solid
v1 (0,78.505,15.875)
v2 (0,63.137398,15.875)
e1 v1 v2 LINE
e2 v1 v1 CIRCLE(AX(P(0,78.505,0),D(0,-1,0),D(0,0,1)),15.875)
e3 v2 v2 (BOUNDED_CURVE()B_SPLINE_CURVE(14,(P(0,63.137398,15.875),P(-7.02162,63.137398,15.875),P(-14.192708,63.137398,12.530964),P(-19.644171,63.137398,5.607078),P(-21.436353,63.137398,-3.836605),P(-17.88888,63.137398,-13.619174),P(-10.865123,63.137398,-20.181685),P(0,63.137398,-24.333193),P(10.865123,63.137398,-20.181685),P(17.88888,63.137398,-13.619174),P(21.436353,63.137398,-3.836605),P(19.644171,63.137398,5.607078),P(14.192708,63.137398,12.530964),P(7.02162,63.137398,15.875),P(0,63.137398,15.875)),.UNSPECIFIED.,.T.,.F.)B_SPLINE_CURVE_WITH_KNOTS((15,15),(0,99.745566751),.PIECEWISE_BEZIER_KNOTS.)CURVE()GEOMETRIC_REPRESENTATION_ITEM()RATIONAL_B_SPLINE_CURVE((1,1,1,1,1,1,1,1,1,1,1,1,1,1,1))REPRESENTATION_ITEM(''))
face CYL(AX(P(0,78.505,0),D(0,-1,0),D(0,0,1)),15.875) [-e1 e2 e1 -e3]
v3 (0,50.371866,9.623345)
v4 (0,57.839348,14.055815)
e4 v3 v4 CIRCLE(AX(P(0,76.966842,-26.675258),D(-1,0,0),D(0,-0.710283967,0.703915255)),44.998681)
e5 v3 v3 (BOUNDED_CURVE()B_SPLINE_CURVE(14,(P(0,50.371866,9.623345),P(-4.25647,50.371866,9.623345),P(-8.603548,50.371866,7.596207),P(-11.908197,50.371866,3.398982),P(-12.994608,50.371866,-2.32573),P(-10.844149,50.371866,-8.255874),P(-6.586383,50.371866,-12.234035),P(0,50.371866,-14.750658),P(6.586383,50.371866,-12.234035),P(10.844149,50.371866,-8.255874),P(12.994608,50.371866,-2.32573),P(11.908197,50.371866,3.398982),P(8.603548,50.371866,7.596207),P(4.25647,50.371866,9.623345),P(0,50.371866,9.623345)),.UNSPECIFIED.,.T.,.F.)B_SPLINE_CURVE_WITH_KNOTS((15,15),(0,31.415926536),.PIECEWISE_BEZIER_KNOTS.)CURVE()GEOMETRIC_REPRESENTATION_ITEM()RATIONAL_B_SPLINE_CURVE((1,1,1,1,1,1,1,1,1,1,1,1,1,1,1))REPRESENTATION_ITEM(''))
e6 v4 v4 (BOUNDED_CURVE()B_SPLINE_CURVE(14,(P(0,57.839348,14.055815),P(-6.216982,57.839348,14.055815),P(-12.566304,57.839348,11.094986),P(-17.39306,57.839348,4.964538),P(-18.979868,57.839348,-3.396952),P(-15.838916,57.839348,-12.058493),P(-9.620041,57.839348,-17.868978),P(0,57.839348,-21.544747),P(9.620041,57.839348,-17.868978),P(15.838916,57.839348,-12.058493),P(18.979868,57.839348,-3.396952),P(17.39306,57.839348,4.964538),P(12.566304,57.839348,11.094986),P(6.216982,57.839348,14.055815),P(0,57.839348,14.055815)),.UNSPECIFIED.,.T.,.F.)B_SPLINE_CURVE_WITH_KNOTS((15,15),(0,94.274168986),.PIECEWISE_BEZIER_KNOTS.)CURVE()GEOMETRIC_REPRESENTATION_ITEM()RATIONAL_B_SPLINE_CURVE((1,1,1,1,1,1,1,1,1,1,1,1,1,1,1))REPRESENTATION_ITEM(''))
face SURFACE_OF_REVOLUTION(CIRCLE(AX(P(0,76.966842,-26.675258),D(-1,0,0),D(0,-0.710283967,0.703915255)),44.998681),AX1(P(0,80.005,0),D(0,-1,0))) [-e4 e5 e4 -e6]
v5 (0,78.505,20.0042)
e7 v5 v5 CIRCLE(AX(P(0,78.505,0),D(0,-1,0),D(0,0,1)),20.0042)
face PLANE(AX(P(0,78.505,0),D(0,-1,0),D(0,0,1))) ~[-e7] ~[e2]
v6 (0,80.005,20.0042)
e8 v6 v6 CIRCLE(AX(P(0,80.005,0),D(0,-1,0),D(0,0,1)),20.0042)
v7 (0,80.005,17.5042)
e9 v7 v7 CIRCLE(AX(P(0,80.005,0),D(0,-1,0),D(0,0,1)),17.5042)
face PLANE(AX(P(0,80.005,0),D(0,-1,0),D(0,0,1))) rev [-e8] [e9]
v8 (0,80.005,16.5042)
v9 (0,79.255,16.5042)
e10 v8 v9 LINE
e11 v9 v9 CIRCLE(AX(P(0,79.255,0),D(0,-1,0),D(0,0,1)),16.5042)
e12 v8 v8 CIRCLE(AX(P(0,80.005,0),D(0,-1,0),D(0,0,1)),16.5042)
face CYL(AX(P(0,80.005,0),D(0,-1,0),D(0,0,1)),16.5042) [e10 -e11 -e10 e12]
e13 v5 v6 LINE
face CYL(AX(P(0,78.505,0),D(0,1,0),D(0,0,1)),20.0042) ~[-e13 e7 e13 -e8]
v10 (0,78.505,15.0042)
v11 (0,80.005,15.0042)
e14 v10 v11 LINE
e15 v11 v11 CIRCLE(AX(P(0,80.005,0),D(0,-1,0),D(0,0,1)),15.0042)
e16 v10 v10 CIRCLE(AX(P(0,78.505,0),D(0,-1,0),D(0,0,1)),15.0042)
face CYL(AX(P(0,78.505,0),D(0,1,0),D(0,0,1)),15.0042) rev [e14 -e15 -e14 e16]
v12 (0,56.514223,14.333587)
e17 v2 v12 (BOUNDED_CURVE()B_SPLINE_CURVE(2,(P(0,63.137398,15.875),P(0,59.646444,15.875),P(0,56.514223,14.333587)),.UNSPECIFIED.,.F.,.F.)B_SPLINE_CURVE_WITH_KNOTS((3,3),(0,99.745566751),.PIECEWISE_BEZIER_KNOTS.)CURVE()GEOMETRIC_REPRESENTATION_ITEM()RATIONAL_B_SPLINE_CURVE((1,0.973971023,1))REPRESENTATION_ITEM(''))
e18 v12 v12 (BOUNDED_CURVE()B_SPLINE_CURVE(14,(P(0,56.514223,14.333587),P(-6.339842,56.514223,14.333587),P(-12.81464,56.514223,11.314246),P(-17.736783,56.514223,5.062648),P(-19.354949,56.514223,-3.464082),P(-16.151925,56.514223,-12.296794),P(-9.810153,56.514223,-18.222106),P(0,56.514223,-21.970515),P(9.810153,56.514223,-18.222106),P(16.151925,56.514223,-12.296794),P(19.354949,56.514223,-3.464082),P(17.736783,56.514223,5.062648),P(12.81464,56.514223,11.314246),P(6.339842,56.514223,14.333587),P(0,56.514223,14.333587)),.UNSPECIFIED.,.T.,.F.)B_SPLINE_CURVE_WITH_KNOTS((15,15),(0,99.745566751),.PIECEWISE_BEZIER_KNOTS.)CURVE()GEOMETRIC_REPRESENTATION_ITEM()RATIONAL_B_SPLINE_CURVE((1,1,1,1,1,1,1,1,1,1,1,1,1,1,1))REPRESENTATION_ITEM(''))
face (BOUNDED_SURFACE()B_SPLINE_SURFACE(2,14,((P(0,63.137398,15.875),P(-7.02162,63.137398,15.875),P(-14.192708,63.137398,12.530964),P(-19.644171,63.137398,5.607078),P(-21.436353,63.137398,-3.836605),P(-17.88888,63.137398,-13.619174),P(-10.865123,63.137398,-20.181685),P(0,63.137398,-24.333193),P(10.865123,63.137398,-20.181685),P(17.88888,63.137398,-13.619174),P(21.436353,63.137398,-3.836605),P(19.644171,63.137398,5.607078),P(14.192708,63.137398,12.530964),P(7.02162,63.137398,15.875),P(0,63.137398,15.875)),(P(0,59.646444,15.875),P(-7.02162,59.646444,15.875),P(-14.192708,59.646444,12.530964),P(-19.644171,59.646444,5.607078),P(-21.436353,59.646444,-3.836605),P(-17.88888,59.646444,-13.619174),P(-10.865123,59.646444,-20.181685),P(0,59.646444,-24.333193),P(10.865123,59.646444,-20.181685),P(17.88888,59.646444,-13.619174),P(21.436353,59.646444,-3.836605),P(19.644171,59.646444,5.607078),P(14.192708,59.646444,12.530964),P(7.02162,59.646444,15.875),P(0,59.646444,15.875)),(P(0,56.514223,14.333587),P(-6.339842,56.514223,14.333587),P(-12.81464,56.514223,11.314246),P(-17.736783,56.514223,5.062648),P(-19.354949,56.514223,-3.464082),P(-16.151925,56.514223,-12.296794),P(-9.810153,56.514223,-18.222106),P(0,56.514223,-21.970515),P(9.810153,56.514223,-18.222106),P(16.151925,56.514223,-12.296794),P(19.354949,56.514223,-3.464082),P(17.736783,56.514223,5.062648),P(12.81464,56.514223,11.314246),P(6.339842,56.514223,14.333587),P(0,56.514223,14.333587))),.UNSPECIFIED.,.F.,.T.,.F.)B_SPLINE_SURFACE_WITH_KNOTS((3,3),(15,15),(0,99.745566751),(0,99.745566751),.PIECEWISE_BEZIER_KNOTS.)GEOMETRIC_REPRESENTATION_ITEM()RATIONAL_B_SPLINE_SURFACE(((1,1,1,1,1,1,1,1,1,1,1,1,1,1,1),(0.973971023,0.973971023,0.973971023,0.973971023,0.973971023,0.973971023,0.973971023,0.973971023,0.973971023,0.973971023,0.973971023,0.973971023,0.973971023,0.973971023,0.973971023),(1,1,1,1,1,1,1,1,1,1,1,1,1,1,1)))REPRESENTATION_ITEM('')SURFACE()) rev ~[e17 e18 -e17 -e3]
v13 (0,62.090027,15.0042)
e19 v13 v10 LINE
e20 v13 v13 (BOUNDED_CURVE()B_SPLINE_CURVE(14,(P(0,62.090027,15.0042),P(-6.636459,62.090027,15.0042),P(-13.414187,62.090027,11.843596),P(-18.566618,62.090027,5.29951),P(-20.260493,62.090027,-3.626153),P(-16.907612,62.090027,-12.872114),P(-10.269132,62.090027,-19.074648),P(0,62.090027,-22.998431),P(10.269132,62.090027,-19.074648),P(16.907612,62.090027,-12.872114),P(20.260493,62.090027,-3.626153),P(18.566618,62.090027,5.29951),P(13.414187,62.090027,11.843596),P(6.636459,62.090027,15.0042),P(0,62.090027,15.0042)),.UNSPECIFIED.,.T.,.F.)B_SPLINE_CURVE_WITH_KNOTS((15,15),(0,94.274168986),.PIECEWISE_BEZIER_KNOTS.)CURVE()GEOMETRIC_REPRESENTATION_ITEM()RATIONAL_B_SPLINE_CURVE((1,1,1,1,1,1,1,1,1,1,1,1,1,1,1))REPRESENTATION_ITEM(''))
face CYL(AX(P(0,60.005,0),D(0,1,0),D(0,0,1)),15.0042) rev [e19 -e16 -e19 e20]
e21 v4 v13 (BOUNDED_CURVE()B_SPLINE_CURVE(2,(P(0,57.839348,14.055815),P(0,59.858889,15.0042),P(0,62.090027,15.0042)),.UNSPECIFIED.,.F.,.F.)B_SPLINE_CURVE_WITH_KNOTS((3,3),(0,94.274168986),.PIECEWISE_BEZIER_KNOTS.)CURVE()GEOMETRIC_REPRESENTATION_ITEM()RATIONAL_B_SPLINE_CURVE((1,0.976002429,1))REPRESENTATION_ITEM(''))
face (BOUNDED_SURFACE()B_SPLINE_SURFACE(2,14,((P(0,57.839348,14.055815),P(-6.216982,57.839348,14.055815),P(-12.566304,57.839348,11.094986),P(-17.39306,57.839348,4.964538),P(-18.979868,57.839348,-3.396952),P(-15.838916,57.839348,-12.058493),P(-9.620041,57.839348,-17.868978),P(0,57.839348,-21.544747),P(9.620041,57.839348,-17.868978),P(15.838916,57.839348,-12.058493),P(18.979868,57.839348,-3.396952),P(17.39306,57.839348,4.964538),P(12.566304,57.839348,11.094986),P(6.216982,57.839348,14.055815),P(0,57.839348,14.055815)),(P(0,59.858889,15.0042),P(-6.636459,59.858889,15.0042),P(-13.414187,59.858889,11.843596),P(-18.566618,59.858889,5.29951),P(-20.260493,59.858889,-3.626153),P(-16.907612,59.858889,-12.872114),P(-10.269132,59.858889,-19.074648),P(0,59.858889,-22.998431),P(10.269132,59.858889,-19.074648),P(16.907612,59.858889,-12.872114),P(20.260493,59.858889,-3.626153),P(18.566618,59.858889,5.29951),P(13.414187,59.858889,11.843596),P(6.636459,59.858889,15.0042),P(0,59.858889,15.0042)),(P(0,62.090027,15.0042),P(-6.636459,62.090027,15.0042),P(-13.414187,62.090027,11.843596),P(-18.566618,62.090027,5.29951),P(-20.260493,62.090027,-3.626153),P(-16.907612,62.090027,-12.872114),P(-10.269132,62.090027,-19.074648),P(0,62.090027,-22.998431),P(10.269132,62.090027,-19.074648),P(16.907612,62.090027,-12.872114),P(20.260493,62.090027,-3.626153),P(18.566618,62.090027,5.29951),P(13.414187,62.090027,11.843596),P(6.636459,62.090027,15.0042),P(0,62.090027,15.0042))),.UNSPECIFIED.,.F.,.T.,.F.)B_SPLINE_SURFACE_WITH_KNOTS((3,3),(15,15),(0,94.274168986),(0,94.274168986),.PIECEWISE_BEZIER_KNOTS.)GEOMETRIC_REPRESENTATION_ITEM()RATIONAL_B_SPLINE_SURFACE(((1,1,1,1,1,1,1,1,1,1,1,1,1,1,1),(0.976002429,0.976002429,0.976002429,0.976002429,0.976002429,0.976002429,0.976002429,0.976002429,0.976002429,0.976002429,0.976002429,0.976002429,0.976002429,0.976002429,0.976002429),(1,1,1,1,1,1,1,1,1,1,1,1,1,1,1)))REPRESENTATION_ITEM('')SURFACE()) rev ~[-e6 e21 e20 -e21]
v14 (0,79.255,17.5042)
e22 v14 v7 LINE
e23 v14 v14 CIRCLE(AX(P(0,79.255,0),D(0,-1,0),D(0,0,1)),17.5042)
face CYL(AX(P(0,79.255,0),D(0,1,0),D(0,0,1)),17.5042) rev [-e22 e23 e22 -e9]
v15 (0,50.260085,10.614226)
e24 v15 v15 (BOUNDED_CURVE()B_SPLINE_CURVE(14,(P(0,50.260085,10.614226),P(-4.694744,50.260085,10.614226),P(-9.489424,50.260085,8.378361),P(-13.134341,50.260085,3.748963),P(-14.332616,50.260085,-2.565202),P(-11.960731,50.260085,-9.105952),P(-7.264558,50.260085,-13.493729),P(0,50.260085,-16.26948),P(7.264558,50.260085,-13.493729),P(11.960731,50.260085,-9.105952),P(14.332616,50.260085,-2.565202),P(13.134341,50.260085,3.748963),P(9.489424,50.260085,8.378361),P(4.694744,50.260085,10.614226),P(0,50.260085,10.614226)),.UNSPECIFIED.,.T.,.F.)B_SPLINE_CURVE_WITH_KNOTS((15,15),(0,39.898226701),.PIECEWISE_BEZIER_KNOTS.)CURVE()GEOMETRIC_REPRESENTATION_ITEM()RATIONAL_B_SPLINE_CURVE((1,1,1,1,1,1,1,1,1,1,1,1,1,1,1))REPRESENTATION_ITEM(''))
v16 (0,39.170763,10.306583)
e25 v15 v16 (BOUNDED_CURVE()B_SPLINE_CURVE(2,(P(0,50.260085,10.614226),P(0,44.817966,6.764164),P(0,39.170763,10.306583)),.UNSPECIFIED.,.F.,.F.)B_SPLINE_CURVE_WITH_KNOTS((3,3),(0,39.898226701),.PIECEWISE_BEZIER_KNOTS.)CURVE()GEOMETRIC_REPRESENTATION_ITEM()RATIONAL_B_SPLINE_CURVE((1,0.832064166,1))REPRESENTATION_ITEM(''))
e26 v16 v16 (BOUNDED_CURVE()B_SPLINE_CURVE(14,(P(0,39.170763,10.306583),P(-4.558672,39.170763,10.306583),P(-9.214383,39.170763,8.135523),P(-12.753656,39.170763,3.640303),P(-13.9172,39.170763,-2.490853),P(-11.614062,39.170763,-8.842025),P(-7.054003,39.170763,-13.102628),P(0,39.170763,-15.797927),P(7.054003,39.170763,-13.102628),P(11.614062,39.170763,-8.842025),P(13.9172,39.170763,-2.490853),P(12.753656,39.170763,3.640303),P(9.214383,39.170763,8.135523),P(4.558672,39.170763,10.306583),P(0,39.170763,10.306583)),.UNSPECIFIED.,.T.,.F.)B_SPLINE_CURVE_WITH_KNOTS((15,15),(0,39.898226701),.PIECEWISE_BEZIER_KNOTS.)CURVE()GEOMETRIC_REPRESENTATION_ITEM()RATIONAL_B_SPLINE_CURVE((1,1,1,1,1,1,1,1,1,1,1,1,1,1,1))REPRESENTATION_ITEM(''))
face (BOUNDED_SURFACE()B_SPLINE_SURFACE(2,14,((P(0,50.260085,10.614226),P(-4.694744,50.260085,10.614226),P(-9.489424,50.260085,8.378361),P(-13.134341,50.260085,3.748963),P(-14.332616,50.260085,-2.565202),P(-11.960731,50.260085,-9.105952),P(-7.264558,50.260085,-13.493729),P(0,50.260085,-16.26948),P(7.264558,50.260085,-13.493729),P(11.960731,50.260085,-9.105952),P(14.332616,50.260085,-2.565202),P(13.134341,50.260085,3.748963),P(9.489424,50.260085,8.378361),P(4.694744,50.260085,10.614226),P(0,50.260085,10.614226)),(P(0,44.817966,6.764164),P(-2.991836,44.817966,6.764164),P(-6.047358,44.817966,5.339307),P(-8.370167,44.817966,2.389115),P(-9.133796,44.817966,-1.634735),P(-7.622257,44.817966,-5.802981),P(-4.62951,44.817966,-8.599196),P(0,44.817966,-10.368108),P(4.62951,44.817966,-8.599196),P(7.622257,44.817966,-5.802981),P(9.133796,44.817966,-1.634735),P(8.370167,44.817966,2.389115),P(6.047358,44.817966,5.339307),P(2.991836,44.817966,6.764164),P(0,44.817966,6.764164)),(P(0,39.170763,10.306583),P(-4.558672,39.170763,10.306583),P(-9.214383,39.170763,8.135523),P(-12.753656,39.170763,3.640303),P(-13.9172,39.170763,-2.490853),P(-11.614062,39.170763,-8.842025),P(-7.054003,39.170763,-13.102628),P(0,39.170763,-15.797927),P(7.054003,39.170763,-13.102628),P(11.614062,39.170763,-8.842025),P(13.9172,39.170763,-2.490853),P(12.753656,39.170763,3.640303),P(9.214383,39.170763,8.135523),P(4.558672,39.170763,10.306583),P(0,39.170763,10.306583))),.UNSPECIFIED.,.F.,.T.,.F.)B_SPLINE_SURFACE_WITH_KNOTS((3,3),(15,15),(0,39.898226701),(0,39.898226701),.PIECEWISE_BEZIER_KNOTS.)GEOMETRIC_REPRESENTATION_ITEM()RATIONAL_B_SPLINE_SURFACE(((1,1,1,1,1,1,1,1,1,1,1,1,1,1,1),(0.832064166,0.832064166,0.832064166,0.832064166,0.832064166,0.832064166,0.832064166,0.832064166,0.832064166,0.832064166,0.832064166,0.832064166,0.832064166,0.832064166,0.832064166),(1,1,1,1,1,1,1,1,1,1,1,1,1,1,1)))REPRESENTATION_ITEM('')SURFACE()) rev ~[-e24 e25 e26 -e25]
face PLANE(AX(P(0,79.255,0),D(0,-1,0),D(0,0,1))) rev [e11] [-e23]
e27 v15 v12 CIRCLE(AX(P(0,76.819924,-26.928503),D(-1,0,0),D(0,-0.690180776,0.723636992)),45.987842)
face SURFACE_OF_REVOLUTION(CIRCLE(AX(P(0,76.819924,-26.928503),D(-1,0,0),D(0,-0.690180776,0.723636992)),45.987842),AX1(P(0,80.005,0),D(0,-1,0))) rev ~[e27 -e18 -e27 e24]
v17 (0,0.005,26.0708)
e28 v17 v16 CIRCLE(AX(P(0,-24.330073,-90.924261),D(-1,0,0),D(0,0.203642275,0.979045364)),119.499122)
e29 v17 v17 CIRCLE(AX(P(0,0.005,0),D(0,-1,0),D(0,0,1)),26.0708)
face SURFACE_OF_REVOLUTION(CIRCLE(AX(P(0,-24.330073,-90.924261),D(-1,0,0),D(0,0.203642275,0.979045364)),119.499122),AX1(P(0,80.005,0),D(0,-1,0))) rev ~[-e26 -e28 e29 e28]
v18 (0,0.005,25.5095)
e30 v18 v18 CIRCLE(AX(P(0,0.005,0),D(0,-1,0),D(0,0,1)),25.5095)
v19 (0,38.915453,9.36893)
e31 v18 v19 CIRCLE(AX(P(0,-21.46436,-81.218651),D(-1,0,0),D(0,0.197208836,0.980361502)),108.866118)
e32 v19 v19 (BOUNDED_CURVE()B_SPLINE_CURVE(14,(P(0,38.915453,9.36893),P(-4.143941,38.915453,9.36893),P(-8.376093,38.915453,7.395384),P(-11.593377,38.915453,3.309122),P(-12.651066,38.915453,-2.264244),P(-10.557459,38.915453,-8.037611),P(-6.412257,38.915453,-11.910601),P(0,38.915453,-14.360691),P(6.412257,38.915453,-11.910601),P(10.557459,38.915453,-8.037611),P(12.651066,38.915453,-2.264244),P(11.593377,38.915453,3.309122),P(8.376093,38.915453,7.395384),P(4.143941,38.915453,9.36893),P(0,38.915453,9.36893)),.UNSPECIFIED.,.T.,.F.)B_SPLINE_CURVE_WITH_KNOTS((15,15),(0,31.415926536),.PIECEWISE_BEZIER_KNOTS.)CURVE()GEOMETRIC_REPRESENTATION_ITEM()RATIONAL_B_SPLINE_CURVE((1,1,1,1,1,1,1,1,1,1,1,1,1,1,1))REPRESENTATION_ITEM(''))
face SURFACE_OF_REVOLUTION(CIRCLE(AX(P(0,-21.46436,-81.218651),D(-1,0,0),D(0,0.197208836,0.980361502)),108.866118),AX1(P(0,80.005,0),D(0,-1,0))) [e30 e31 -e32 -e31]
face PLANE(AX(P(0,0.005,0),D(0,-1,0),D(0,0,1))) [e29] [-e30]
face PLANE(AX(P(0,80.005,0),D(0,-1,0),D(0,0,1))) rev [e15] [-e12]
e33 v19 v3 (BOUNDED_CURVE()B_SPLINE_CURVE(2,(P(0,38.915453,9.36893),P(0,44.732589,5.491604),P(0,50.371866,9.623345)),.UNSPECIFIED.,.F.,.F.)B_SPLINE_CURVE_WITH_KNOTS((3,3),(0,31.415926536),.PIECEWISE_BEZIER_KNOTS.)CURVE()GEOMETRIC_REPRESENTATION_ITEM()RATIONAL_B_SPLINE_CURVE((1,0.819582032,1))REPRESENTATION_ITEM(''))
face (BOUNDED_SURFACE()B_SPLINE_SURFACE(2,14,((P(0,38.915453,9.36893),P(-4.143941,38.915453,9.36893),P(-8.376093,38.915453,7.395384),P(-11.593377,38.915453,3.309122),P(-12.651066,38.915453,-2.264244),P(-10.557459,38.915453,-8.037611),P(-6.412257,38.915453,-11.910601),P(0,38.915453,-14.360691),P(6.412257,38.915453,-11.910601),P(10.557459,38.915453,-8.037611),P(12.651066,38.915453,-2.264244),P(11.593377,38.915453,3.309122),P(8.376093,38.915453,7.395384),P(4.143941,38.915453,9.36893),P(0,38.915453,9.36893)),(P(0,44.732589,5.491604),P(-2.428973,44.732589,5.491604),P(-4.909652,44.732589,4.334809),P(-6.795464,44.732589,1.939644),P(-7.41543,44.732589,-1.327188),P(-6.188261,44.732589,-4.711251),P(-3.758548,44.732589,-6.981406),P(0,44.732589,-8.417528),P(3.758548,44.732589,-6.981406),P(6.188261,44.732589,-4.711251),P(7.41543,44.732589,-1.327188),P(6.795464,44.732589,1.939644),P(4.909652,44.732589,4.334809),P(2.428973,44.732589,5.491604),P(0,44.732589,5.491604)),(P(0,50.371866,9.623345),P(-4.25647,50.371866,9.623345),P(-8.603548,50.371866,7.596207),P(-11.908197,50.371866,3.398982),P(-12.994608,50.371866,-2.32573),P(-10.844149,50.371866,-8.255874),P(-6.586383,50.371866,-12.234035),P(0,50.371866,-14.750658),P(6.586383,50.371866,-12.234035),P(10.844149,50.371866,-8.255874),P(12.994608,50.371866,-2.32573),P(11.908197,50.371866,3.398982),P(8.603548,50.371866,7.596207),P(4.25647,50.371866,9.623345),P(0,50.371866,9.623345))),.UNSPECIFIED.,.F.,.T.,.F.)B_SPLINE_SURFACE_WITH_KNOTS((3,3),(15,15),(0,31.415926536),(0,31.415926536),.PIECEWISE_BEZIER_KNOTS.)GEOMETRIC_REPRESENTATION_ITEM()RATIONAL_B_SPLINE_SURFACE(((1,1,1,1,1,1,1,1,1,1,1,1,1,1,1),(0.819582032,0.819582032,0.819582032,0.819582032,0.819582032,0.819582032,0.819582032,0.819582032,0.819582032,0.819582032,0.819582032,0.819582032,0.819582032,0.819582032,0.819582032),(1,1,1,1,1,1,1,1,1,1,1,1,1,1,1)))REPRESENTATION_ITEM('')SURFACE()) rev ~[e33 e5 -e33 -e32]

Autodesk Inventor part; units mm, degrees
sketch "CD Nozzle Sketch" plane through (0, 0, 0) normal (1, 0, 0) x (0, 1, 0)
  line L0 (15.0042, -20) -> (15.0042, -1.5)
  line L1 (15.875, -1.5) -> (15.875, -20)
  arc A0 (6.35, -34.925) -> (15.875, -20) centre (-26.9286, -3.185) ccw
  line L2 (15.875, -1.5) -> (20.0042, -1.5)
  line L3 (20.0042, -1.5) -> (20.0042, 0)
  arc A1 (25.5095, -80) -> (5, -35) centre (-81.2197, -101.4697) ccw
  arc A2 (26.0708, -80) -> (6.35, -34.925) centre (-90.9256, -104.3355) ccw
  arc A3 (5, -35) -> (15.0042, -20) centre (-26.6763, -3.0373) ccw
  line L4 (16.5042, 0) -> (16.5042, -0.75)
  line L5 (16.5042, -0.75) -> (17.5042, -0.75)
  line L6 (17.5042, -0.75) -> (17.5042, 0)
  line L7 (17.5042, 0) -> (20.0042, 0)
  line L8 (0, 1) -> (0, 0)
  line L9 (0, 1) -> (0, 0)
  line L10 (0, 3.175) -> (0, 0)
  line L11 (0, -0.75) -> (0, 0)
  line L12 (26.0708, -80) -> (25.5095, -80)
  line L13 (15.0042, -1.5) -> (15.0042, 0)
  line L14 (15.0042, 0) -> (16.5042, 0)
  line L15 (0, 0) -> (0, -80)
  dimension "d34" = 45
  dimension "d39" = 35
revolve "CD Nozzle" add sketch "CD Nozzle Sketch" angle 360 about axis through (0, 0, 0) along (0, 0, -1)
fillet "Fillet14" radius 15 1 edges at (0, -15.875, -20)
fillet "Fillet15" radius 10 1 edges at (0, -6.35, -34.925)
fillet "Fillet16" radius 10 1 edges at (0, -5, -35)
fillet "Fillet17" radius 10 1 edges at (0, -15.0042, -20)
move or copy body "Move Body1" bodies to move or copy 1 copy no rotation origin (0, 0, 0) rotation axis (0, 0, 1) rotation angle -90
move or copy body "Move Body2" bodies to move or copy 1 copy no rotation origin (0, 0, 0) rotation axis (0, 0, 1) rotation angle -90
move or copy body "Move Body3" bodies to move or copy 1 copy no rotation origin (0, 0, 0) rotation axis (1, 0, 0) rotation angle -90
move or copy body "Move Body4" bodies to move or copy 1 copy no translate (0, 79.375, 0)
move or copy body "Move Body5" bodies to move or copy 1 copy no translate (0, 0.63, 0)
properties part number "alpha-i" material "Steel, Mild"
